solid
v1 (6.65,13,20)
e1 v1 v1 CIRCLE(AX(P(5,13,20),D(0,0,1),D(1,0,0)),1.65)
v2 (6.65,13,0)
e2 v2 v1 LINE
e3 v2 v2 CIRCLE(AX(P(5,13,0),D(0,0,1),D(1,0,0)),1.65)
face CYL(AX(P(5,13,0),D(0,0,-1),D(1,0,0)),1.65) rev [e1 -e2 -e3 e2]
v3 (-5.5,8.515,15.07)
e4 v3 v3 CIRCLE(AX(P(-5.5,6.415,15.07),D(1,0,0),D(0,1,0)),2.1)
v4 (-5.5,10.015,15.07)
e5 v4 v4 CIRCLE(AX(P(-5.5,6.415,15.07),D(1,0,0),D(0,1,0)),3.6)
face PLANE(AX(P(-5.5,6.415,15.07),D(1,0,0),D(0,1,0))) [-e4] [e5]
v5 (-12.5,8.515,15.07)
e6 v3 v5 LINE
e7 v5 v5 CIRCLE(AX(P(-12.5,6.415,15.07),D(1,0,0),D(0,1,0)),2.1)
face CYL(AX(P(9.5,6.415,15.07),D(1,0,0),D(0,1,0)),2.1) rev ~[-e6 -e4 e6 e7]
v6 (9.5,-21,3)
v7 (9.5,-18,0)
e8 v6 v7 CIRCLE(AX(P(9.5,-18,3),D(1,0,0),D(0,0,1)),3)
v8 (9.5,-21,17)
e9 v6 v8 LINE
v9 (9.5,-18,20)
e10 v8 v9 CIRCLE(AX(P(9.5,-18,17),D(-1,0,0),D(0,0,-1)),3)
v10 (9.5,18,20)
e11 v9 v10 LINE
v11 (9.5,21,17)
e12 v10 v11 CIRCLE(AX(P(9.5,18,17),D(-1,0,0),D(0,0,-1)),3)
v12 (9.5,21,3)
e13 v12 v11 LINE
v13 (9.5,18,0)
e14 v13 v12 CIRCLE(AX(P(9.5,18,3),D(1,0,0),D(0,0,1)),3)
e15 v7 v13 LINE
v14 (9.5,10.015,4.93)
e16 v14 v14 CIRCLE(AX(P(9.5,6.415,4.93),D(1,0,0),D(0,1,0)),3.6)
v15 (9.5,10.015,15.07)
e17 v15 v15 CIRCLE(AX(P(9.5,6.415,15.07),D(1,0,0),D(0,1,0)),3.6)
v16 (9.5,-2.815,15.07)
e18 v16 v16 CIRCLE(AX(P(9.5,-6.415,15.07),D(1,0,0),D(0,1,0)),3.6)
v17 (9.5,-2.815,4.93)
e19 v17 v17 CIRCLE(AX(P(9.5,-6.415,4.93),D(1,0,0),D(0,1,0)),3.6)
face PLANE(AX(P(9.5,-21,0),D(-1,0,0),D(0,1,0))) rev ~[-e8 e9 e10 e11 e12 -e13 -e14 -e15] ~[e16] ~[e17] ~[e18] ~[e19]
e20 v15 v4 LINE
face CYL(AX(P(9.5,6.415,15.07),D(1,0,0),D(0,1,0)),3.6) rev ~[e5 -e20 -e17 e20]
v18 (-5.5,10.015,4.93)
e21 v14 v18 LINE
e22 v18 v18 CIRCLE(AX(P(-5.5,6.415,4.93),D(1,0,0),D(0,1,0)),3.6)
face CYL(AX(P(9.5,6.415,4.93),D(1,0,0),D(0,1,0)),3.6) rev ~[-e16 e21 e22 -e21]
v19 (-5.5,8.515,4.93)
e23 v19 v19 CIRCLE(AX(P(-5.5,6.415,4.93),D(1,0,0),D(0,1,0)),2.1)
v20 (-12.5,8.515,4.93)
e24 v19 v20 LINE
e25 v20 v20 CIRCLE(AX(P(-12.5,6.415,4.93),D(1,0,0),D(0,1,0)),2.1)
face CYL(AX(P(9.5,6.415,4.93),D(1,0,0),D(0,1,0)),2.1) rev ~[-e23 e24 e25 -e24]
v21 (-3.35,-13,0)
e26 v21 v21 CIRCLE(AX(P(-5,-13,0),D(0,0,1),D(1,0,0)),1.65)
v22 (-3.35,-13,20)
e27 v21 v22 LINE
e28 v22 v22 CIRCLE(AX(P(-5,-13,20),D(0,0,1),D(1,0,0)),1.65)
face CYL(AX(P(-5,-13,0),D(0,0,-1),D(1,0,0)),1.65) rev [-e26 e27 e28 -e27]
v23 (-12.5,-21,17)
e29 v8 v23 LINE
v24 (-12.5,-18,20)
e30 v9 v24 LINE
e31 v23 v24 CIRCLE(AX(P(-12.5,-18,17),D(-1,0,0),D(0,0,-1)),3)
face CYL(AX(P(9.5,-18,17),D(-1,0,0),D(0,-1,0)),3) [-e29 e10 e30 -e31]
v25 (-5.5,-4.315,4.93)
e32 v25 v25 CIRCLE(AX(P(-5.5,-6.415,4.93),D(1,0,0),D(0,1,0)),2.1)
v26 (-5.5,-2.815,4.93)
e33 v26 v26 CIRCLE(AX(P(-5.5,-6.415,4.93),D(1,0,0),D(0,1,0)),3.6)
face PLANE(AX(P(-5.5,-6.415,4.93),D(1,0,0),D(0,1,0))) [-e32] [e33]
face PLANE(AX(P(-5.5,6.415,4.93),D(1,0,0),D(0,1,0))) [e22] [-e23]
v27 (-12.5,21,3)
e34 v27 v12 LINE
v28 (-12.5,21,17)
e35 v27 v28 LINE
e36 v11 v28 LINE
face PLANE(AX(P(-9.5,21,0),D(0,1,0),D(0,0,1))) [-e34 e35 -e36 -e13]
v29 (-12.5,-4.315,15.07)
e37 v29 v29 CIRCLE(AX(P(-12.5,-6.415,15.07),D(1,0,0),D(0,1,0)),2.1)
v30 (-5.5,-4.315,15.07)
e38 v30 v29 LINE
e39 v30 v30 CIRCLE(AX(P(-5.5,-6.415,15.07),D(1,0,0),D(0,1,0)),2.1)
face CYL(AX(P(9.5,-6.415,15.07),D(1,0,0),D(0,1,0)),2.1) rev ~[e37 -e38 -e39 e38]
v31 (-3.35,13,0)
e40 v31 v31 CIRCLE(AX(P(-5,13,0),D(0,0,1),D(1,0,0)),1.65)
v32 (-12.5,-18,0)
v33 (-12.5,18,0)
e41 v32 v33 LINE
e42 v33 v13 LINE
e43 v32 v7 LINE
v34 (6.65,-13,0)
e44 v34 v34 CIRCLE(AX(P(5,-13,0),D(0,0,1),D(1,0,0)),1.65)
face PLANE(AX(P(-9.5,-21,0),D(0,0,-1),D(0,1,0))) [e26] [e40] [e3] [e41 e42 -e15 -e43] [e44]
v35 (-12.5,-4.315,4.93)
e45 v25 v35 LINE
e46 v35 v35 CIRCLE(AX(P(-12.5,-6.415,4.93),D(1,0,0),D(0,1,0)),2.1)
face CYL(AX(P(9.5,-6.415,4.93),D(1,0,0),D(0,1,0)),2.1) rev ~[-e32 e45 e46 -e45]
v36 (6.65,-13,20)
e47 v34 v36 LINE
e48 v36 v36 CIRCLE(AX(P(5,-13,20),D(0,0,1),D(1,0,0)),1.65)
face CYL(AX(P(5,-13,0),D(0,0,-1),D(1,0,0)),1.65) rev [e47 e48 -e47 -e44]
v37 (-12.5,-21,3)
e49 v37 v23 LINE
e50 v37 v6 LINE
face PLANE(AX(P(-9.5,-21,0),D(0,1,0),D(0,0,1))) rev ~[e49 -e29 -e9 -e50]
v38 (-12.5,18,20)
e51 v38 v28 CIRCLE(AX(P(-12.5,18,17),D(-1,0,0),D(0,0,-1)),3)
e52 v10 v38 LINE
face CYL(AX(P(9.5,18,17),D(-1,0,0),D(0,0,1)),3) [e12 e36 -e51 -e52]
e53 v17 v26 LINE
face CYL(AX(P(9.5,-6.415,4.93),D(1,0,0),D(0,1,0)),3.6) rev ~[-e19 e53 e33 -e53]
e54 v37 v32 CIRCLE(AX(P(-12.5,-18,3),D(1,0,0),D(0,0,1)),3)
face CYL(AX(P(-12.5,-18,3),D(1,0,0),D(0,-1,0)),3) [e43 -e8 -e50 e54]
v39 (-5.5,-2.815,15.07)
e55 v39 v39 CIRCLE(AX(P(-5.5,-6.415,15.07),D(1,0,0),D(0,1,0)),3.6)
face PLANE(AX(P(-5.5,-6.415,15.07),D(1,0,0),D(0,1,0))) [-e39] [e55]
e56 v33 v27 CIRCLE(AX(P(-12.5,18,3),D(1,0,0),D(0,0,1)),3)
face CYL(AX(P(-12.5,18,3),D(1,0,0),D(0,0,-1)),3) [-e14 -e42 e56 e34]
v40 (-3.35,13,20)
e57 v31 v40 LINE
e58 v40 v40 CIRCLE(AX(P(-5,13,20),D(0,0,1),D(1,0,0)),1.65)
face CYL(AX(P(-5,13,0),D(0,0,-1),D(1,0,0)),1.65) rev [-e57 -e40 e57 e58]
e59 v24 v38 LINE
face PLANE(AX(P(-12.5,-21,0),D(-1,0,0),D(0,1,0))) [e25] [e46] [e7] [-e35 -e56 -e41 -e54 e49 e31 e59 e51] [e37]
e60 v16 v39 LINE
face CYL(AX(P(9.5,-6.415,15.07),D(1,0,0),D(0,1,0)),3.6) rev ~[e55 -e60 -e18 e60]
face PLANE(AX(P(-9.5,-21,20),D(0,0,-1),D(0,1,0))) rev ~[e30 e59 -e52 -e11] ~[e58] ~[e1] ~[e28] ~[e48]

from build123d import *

# Parameters (mm, degrees)
F0_W     = 19
F0_H     = 42
F0_R     = 1.65
F1_DEPTH = 20
F3_DEPTH = 3
F2_R     = 2.1
F4_DEPTH = 22
F2_R_2   = 3.6
F5_DEPTH = 15
F6_R     = 3


with BuildPart() as f1:
    # F0 (on Top) → F1 (new body)
    with BuildSketch(Plane.XY):
        Rectangle(F0_W, F0_H)
        with Locations((-5, -13)):
            Circle(F0_R, mode=Mode.SUBTRACT)
        with Locations((5, -13)):
            Circle(F0_R, mode=Mode.SUBTRACT)
        with Locations((-5, 13)):
            Circle(F0_R, mode=Mode.SUBTRACT)
        with Locations((5, 13)):
            Circle(F0_R, mode=Mode.SUBTRACT)
    extrude(amount=F1_DEPTH)

    # F3 (add): a face of the model
    f3_faces = [f1.faces().sort_by_distance(p)[0] for p in [
        (-9.5, 0, 10),
    ]]
    extrude(f3_faces, amount=F3_DEPTH)

    # F2 (on face) → F4 (cut, through all)
    with BuildSketch(Plane.YZ.offset(9.5)):
        with Locations((-6.415, 15.07)):
            Circle(F2_R)
        with Locations((6.415, 15.07)):
            Circle(F2_R)
        with Locations((6.415, 4.93)):
            Circle(F2_R)
        with Locations((-6.415, 4.93)):
            Circle(F2_R)
    extrude(amount=-F4_DEPTH, mode=Mode.SUBTRACT)

    # F2 (on face) → F5 (cut)
    with BuildSketch(Plane.YZ.offset(9.5)):
        with Locations((6.415, 15.07)):
            Circle(F2_R_2)
        with Locations((6.415, 15.07)):
            Circle(F2_R, mode=Mode.SUBTRACT)
        with Locations((6.415, 4.93)):
            Circle(F2_R_2)
        with Locations((6.415, 4.93)):
            Circle(F2_R, mode=Mode.SUBTRACT)
        with Locations((-6.415, 4.93)):
            Circle(F2_R_2)
        with Locations((-6.415, 4.93)):
            Circle(F2_R, mode=Mode.SUBTRACT)
        with Locations((-6.415, 15.07)):
            Circle(F2_R_2)
        with Locations((-6.415, 15.07)):
            Circle(F2_R, mode=Mode.SUBTRACT)
    extrude(amount=-F5_DEPTH, mode=Mode.SUBTRACT)

    # F6
    f6_edges = [f1.edges().sort_by_distance(p)[0] for p in [
        (-1.5, 21, 0),
        (-1.5, -21, 0),
        (-1.5, -21, 20),
        (-1.5, 21, 20),
    ]]
    fillet(f6_edges, radius=F6_R)


solid = f1.part
